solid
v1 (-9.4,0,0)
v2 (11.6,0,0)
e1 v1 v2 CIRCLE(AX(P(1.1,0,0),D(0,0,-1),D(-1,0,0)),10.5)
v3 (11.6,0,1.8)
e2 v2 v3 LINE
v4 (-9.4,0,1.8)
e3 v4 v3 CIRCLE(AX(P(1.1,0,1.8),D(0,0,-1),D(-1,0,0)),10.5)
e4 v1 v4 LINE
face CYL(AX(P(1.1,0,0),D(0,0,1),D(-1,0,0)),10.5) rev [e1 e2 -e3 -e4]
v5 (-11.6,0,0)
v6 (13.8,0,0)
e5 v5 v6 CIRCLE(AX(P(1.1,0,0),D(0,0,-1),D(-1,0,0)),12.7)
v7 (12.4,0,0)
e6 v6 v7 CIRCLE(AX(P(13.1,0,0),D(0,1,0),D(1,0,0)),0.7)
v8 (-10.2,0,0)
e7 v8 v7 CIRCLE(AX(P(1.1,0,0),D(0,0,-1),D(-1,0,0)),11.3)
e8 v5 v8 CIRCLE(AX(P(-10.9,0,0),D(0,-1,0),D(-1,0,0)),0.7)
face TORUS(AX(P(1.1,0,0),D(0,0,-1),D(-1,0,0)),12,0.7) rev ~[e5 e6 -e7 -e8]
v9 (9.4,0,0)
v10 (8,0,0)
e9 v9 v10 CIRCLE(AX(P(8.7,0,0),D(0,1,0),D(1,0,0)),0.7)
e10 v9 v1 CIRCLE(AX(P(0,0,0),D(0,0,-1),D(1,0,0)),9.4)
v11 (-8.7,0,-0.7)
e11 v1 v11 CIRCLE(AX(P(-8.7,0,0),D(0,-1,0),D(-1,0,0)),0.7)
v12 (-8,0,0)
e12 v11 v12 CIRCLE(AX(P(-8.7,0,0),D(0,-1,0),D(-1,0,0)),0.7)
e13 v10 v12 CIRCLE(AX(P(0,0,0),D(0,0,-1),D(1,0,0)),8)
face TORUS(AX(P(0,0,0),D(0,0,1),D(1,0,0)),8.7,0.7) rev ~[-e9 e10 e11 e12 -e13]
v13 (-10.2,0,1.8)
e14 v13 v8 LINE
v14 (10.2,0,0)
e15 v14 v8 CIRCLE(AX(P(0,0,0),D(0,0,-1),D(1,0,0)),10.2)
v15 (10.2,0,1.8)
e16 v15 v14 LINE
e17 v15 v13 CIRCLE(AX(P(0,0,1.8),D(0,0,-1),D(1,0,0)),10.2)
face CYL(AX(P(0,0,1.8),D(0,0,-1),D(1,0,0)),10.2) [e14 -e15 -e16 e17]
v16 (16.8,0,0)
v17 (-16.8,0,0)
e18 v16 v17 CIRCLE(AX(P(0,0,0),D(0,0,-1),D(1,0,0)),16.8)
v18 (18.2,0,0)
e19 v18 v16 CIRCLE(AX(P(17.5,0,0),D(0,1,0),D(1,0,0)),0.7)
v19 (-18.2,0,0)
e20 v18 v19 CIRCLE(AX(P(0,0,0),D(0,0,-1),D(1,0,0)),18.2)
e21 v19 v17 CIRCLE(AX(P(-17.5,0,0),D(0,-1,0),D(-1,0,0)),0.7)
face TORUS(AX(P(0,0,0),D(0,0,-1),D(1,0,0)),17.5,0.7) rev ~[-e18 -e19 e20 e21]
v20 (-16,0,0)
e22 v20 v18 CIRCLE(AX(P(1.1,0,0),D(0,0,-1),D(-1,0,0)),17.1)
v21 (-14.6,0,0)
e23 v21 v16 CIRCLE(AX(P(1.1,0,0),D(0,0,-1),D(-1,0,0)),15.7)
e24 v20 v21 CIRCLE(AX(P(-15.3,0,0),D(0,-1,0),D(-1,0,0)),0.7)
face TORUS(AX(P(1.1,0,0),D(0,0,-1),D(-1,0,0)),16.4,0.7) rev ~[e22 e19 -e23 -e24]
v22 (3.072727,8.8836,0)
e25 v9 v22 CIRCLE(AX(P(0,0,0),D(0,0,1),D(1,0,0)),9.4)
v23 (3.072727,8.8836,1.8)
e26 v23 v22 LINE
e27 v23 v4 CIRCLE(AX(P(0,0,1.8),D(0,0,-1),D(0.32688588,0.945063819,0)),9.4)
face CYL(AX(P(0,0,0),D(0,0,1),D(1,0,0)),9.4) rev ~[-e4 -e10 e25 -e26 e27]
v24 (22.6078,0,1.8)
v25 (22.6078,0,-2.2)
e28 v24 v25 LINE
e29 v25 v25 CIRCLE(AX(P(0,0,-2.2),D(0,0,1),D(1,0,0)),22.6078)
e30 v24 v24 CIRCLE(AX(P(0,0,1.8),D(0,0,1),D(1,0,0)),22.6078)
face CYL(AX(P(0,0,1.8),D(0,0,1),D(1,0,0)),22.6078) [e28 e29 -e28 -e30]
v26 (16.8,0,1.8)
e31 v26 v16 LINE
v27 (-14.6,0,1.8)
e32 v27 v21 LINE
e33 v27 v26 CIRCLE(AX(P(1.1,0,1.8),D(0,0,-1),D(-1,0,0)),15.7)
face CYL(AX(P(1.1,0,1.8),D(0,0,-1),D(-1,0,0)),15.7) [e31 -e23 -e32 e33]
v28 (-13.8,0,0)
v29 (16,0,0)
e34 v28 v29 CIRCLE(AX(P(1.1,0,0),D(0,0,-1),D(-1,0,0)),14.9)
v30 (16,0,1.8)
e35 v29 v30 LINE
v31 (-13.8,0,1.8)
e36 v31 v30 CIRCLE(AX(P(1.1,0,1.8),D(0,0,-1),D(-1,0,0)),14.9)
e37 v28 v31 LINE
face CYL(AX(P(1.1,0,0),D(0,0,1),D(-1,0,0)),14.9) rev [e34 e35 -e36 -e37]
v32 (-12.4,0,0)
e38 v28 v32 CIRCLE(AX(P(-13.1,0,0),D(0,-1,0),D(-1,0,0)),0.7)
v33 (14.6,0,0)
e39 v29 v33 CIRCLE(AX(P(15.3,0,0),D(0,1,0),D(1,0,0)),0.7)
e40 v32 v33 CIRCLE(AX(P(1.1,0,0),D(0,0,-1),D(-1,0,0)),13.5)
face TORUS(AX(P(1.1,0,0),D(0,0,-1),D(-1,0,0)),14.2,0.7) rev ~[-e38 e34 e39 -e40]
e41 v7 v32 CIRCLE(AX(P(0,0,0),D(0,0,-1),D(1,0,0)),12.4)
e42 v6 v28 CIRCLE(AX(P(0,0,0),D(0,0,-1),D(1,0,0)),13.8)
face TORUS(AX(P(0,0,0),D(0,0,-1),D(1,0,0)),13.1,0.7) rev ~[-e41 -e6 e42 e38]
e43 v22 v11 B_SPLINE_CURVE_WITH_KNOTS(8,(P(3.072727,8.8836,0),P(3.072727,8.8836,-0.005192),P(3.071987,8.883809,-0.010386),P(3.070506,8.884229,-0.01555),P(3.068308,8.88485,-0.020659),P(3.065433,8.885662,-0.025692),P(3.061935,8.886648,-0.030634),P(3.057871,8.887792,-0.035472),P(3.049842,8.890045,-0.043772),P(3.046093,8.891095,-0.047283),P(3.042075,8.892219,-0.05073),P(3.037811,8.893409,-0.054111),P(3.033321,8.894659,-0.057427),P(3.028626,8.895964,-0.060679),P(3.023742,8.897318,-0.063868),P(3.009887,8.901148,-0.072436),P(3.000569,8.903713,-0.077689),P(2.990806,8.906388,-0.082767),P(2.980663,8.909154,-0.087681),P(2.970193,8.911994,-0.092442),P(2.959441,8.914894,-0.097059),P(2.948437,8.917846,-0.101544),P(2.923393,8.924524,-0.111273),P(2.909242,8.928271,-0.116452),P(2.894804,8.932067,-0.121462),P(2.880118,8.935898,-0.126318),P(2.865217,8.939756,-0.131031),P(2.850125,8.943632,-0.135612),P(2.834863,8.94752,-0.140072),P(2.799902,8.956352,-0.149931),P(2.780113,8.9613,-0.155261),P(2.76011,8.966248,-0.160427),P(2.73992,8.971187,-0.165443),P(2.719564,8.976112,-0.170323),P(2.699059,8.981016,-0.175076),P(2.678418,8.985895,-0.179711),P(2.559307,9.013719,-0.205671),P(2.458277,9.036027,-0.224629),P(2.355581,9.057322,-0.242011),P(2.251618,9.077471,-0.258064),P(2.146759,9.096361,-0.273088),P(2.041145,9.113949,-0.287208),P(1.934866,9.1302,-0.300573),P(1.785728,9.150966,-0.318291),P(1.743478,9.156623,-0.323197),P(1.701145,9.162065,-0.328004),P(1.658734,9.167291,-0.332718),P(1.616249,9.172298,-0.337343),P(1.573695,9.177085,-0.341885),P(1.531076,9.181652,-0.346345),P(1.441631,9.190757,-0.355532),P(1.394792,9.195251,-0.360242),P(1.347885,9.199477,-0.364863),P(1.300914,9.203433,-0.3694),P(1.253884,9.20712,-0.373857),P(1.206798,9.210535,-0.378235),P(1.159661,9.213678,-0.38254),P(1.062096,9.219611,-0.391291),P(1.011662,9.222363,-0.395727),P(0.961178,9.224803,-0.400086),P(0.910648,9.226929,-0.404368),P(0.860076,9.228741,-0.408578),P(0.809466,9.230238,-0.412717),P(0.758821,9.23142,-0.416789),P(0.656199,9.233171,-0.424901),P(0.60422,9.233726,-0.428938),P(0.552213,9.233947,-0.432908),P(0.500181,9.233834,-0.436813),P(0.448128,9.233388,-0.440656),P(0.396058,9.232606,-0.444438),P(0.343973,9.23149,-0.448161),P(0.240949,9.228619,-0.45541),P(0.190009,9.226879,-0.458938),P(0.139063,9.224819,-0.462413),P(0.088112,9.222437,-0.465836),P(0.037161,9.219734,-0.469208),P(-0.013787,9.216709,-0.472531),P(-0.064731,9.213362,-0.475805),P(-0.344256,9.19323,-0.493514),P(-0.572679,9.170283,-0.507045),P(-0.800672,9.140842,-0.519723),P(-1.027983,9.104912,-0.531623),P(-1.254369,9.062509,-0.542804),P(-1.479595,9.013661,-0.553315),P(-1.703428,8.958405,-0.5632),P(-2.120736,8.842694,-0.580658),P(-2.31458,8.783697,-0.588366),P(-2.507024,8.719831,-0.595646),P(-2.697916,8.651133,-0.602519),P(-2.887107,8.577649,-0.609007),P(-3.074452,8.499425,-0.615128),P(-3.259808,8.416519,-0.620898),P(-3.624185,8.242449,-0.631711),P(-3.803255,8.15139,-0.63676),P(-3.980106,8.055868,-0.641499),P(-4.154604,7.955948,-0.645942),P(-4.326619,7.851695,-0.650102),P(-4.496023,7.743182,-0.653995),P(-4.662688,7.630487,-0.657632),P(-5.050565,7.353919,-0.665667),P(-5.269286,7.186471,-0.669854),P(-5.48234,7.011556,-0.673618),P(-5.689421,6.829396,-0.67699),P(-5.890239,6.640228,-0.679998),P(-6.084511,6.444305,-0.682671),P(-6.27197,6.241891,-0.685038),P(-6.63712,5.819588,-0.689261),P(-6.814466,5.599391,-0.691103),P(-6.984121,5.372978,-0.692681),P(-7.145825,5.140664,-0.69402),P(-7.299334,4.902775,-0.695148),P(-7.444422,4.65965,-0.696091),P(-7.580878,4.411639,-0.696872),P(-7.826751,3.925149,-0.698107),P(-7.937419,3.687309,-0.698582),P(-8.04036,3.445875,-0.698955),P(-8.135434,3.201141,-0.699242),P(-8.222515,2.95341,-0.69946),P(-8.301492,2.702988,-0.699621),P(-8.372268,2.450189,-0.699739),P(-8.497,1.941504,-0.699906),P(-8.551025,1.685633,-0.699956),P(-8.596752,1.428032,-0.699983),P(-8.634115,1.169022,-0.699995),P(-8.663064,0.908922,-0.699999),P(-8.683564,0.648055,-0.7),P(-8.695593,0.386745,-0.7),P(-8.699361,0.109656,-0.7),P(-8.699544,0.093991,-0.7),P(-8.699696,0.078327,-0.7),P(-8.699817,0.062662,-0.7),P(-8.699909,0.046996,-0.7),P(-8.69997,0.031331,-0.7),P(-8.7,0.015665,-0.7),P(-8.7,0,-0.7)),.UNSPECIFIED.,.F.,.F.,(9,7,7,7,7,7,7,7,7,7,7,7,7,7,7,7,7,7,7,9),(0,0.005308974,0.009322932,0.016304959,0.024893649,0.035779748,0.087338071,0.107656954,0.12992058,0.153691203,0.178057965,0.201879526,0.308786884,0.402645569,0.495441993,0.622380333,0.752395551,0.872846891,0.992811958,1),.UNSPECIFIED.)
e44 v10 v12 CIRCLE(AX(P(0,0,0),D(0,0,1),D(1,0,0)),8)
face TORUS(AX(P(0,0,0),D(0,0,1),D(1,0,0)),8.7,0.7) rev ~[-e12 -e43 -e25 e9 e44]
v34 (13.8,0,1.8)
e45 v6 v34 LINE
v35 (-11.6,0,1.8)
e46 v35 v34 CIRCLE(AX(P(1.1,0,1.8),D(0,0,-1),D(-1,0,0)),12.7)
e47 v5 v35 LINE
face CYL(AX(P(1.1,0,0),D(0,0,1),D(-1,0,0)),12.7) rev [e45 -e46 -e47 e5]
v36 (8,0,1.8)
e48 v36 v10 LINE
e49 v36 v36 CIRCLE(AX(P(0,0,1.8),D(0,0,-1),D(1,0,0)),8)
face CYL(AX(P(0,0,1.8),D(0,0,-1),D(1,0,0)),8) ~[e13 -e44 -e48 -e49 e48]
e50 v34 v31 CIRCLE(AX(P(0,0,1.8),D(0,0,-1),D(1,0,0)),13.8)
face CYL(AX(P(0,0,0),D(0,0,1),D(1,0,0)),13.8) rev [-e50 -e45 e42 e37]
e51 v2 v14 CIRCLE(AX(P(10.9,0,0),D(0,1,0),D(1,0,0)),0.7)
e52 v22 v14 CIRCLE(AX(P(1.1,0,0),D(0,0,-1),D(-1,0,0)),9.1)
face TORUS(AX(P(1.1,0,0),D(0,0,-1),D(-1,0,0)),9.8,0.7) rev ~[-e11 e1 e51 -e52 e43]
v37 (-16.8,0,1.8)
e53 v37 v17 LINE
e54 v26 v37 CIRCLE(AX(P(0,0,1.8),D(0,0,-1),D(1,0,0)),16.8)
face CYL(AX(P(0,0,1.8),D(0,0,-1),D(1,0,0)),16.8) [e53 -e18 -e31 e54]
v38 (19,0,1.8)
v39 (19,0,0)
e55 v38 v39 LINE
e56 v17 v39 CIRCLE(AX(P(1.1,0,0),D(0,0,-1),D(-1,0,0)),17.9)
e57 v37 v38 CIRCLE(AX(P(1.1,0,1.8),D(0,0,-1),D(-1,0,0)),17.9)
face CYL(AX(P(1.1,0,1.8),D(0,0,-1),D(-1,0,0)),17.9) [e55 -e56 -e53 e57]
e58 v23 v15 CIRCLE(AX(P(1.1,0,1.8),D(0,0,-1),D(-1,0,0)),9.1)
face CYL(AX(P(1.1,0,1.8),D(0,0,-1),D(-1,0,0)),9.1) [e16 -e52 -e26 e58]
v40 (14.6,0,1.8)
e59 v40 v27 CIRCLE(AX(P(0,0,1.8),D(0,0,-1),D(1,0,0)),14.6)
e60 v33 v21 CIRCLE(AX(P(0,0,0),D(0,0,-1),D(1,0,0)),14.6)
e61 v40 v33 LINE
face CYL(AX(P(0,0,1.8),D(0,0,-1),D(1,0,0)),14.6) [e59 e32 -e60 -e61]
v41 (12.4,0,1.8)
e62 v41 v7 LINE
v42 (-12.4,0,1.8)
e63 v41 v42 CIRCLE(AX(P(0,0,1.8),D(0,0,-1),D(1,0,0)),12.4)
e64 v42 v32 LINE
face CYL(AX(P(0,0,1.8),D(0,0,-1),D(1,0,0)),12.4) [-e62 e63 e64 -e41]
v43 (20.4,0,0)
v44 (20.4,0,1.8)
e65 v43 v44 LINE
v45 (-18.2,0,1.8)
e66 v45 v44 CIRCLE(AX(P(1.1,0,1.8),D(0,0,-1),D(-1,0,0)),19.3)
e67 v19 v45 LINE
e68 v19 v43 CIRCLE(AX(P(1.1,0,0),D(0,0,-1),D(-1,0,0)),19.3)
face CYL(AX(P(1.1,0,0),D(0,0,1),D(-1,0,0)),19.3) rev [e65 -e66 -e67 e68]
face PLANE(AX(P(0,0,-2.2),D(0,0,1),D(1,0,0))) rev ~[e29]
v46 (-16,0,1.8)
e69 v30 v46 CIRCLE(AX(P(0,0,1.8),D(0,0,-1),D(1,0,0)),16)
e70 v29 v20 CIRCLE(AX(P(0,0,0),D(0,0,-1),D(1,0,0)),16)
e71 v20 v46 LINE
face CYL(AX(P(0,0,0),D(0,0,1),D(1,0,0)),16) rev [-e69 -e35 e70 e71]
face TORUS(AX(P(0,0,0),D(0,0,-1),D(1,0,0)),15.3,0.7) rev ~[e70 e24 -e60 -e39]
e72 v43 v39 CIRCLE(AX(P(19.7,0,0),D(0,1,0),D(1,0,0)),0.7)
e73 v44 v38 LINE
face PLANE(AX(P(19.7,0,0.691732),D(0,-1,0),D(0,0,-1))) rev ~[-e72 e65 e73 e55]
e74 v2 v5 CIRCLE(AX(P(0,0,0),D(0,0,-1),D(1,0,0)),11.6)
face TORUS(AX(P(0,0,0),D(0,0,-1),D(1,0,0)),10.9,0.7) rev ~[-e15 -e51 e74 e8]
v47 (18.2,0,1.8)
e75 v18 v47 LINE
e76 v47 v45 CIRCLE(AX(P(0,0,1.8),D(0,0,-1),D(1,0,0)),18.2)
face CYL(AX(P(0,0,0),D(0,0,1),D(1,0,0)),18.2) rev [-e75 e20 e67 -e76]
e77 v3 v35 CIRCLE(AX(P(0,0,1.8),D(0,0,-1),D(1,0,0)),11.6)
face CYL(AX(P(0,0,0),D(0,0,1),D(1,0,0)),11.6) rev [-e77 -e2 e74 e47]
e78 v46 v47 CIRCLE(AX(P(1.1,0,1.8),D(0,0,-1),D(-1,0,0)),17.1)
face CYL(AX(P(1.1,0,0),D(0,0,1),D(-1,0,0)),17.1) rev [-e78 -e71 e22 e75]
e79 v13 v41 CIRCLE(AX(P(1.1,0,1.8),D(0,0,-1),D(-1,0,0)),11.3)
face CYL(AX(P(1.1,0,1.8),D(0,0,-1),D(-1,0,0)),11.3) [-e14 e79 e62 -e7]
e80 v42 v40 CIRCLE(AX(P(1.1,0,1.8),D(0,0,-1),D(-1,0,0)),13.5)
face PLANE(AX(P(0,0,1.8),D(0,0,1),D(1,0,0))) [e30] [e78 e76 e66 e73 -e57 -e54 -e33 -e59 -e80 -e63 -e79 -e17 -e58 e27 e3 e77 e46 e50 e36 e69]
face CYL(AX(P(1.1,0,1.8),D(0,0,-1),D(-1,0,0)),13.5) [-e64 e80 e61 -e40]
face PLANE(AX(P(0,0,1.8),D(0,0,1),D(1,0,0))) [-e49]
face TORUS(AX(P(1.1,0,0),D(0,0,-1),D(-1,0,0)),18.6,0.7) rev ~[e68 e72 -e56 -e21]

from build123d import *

# Parameters (mm, degrees)
F4_R     = 22.6078
F5_DEPTH = 4


with BuildPart() as f2:
    # F2: sweep along a path in F1
    with BuildLine(Plane.XY) as f2_path:
        ThreePointArc((8.7, 0), (0, -8.7), (-8.7, 0))
        ThreePointArc((-8.7, 0), (1.1, 9.8), (10.9, 0))
        ThreePointArc((10.9, 0), (0, -10.9), (-10.9, 0))
        ThreePointArc((-10.9, 0), (1.1, 12), (13.1, 0))
        ThreePointArc((13.1, 0), (0, -13.1), (-13.1, 0))
        ThreePointArc((-13.1, 0), (1.1, 14.2), (15.3, 0))
        ThreePointArc((15.3, 0), (0, -15.3), (-15.3, 0))
        ThreePointArc((-15.3, 0), (1.1, 16.4), (17.5, 0))
        ThreePointArc((17.5, 0), (0, -17.5), (-17.5, 0))
        ThreePointArc((-17.5, 0), (1.1, 18.6), (19.7, 0))
    # F0 (on Front) → F2 (sweep)
    with BuildSketch(Plane.XZ):
        with BuildLine():
            Line((8, 1.8), (8, 0))
            ThreePointArc((8, 0), (8.7, -0.7), (9.4, 0))
            Line((9.4, 0), (9.4, 1.8))
            Line((9.4, 1.8), (8, 1.8))
        make_face()
    sweep(path=f2_path.line)


with BuildPart() as f3:
    # F3: sweep along a path in F1
    with BuildLine(Plane.XY) as f3_path:
        ThreePointArc((8.7, 0), (0, 8.7), (-8.7, 0))
    # F0 (on Front) → F3 (sweep)
    with BuildSketch(Plane.XZ):
        with BuildLine():
            Line((8, 1.8), (8, 0))
            ThreePointArc((8, 0), (8.7, -0.7), (9.4, 0))
            Line((9.4, 0), (9.4, 1.8))
            Line((9.4, 1.8), (8, 1.8))
        make_face()
    sweep(path=f3_path.line)


with BuildPart() as f5:
    # F4 (on face) → F5 (new body)
    with BuildSketch(Plane.XY.offset(1.8)):
        Circle(F4_R)
    extrude(amount=-F5_DEPTH)

    # F6: cut F2, F3
    add(f2.part, mode=Mode.SUBTRACT)
    add(f3.part, mode=Mode.SUBTRACT)


solid = f5.part
